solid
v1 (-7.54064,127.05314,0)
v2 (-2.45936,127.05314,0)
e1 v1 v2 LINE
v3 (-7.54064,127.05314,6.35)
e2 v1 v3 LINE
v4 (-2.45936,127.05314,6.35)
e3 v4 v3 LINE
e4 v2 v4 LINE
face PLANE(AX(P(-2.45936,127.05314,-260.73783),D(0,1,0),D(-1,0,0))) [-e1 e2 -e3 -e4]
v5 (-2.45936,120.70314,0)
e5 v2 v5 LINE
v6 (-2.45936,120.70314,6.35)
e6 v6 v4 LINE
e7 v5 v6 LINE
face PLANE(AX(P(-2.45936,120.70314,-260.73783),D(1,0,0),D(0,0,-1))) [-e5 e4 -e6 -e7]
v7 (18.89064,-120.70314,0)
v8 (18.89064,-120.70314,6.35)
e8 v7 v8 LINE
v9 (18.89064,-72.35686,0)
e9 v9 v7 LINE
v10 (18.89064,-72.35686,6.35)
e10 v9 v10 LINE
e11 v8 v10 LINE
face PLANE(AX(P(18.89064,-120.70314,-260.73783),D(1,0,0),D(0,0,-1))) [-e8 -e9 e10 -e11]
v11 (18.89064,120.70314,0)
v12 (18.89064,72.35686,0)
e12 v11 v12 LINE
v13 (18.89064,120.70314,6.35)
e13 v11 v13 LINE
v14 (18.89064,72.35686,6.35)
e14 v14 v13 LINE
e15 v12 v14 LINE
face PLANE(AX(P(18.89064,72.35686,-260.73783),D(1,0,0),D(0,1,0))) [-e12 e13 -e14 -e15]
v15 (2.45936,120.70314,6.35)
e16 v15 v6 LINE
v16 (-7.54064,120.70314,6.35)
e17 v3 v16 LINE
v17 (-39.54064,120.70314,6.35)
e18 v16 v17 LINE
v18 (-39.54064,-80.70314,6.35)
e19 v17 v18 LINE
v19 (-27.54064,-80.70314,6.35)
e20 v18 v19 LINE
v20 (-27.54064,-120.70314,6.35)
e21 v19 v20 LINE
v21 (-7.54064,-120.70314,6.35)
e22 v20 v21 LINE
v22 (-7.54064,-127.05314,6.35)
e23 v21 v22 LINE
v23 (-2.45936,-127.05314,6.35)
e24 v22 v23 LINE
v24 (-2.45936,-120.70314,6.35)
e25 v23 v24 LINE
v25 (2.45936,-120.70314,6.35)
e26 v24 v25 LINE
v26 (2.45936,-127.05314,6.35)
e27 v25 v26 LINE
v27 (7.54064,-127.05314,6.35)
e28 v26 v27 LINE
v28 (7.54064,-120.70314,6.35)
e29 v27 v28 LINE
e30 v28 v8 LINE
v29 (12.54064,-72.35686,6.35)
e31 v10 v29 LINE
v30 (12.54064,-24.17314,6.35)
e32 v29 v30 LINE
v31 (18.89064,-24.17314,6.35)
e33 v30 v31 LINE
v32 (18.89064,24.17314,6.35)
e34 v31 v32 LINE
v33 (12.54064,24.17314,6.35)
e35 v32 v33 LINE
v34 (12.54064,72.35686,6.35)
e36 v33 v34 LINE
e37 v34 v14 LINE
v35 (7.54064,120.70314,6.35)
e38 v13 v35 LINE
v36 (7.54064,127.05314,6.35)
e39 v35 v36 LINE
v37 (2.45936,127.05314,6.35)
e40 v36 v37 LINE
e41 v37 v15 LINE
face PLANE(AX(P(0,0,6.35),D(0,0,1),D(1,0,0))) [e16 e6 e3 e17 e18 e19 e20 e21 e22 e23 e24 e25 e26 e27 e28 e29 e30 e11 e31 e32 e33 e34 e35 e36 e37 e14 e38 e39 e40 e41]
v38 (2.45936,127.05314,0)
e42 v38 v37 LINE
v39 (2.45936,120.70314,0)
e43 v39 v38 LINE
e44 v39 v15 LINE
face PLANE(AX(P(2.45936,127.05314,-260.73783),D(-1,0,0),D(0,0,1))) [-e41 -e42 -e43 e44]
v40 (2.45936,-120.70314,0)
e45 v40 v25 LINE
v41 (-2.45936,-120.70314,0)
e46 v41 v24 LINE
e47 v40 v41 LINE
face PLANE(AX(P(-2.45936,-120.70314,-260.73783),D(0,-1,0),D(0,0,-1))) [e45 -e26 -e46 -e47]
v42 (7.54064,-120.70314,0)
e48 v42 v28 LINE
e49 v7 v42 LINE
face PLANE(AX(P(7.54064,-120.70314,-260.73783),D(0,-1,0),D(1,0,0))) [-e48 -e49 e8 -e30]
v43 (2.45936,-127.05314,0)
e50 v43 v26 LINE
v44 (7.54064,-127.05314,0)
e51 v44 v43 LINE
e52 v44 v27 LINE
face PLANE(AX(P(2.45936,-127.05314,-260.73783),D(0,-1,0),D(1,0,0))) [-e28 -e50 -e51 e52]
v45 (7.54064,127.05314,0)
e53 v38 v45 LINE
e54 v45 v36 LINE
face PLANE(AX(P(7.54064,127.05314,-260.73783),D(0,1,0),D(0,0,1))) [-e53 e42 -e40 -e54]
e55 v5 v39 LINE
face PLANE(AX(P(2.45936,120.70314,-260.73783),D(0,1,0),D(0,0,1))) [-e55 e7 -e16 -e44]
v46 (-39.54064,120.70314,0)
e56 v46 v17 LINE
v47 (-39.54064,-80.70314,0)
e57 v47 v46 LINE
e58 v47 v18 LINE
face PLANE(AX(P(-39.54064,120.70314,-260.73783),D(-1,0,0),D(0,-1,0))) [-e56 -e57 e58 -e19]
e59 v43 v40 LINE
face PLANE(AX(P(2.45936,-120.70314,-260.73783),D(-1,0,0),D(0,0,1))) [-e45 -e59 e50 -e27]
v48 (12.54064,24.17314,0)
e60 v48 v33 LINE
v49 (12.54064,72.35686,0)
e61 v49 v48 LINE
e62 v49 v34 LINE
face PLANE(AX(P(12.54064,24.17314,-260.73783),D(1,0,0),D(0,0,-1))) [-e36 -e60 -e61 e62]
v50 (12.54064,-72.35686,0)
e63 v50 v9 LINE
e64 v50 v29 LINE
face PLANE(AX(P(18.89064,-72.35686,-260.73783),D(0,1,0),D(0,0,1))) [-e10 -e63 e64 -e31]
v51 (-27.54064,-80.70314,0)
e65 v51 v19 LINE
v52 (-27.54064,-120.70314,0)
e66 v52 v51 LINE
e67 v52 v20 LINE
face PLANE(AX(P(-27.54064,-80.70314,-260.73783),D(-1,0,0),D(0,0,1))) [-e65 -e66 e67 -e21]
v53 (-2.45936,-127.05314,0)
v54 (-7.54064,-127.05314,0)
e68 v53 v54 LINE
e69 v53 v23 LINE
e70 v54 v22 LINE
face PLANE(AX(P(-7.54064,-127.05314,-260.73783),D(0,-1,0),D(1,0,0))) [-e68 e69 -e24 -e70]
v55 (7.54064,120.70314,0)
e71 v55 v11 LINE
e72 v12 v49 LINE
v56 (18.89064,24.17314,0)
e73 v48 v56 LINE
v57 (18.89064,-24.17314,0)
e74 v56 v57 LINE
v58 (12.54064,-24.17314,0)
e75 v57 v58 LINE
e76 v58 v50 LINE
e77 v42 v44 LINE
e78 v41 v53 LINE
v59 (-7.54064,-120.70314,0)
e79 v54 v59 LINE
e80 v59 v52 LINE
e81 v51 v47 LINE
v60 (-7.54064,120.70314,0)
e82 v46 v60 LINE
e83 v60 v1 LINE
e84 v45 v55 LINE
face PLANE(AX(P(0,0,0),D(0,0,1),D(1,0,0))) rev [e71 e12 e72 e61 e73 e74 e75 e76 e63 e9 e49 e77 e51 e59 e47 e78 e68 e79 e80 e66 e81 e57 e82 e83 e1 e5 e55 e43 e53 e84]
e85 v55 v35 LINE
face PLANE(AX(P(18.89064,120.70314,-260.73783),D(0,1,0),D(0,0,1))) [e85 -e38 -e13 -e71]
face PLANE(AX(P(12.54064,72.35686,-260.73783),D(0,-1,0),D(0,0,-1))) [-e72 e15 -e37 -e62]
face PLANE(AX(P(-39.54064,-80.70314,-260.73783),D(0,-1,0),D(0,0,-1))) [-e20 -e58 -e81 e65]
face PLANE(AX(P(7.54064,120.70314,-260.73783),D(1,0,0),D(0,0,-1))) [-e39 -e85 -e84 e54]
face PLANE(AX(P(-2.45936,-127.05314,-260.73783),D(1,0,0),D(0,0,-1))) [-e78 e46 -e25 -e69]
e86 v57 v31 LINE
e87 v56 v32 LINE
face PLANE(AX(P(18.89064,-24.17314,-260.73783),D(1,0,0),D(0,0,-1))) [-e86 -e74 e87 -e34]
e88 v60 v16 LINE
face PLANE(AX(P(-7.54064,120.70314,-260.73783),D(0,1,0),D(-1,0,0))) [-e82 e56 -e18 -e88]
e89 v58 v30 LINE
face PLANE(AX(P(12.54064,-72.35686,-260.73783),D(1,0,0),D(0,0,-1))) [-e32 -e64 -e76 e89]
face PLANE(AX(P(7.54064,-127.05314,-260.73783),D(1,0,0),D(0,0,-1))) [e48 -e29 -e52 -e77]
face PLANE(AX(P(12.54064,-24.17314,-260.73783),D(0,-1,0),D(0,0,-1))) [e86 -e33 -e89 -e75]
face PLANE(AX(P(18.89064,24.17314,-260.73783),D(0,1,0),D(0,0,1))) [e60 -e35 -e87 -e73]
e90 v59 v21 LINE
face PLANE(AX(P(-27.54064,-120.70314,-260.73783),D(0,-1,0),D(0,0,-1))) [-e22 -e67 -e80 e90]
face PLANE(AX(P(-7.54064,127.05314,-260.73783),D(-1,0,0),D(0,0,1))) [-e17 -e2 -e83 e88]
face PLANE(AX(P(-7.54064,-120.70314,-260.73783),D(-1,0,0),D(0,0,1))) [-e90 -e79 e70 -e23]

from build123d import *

# Parameters (mm, degrees)
BOSS_EXTRUDE1_DEPTH = 6.35
BOSS_EXTRUDE2_DEPTH = 6.35


with BuildPart() as part:
    # Sketch1 → Boss-Extrude1 (new body)
    with BuildSketch(Plane.XY):
        Polygon((12.5, 72.3975), (18.85, 72.3975), (18.85, 120.6625), (7.5, 120.6625), (7.5, 127.0125), (2.5, 127.0125), (2.5, 120.6625), (-2.5, 120.6625), (-2.5, 127.0125), (-7.5, 127.0125), (-7.5, 120.6625), (-39.5, 120.6625), (-39.5, -80.6625), (-27.5, -80.6625), (-27.5, -120.6625), (-7.5, -120.6625), (-7.5, -127.0125), (-2.5, -127.0125), (-2.5, -120.6625), (2.5, -120.6625), (2.5, -127.0125), (7.5, -127.0125), (7.5, -120.6625), (18.85, -120.6625), (18.85, -72.3975), (12.5, -72.3975), (12.5, -24.1325), (18.85, -24.1325), (18.85, 24.1325), (12.5, 24.1325), align=None)
    extrude(amount=BOSS_EXTRUDE1_DEPTH)

    # Sketch3 → Boss-Extrude2 (add)
    with BuildSketch(Plane.XY.offset(6.35)):
        Polygon((-27.54064, -80.70314), (-27.54064, -120.70314), (-7.54064, -120.70314), (-7.54064, -127.05314), (-2.45936, -127.05314), (-2.45936, -120.70314), (2.45936, -120.70314), (2.45936, -127.05314), (7.54064, -127.05314), (7.54064, -120.70314), (18.89064, -120.70314), (18.89064, -72.35686), (12.54064, -72.35686), (12.54064, -24.17314), (18.89064, -24.17314), (18.89064, 24.17314), (12.54064, 24.17314), (12.54064, 72.35686), (18.89064, 72.35686), (18.89064, 120.70314), (7.54064, 120.70314), (7.54064, 127.05314), (2.45936, 127.05314), (2.45936, 120.70314), (-2.45936, 120.70314), (-2.45936, 127.05314), (-7.54064, 127.05314), (-7.54064, 120.70314), (-39.54064, 120.70314), (-39.54064, -80.70314), align=None)
    extrude(amount=-BOSS_EXTRUDE2_DEPTH)


solid = part.part
